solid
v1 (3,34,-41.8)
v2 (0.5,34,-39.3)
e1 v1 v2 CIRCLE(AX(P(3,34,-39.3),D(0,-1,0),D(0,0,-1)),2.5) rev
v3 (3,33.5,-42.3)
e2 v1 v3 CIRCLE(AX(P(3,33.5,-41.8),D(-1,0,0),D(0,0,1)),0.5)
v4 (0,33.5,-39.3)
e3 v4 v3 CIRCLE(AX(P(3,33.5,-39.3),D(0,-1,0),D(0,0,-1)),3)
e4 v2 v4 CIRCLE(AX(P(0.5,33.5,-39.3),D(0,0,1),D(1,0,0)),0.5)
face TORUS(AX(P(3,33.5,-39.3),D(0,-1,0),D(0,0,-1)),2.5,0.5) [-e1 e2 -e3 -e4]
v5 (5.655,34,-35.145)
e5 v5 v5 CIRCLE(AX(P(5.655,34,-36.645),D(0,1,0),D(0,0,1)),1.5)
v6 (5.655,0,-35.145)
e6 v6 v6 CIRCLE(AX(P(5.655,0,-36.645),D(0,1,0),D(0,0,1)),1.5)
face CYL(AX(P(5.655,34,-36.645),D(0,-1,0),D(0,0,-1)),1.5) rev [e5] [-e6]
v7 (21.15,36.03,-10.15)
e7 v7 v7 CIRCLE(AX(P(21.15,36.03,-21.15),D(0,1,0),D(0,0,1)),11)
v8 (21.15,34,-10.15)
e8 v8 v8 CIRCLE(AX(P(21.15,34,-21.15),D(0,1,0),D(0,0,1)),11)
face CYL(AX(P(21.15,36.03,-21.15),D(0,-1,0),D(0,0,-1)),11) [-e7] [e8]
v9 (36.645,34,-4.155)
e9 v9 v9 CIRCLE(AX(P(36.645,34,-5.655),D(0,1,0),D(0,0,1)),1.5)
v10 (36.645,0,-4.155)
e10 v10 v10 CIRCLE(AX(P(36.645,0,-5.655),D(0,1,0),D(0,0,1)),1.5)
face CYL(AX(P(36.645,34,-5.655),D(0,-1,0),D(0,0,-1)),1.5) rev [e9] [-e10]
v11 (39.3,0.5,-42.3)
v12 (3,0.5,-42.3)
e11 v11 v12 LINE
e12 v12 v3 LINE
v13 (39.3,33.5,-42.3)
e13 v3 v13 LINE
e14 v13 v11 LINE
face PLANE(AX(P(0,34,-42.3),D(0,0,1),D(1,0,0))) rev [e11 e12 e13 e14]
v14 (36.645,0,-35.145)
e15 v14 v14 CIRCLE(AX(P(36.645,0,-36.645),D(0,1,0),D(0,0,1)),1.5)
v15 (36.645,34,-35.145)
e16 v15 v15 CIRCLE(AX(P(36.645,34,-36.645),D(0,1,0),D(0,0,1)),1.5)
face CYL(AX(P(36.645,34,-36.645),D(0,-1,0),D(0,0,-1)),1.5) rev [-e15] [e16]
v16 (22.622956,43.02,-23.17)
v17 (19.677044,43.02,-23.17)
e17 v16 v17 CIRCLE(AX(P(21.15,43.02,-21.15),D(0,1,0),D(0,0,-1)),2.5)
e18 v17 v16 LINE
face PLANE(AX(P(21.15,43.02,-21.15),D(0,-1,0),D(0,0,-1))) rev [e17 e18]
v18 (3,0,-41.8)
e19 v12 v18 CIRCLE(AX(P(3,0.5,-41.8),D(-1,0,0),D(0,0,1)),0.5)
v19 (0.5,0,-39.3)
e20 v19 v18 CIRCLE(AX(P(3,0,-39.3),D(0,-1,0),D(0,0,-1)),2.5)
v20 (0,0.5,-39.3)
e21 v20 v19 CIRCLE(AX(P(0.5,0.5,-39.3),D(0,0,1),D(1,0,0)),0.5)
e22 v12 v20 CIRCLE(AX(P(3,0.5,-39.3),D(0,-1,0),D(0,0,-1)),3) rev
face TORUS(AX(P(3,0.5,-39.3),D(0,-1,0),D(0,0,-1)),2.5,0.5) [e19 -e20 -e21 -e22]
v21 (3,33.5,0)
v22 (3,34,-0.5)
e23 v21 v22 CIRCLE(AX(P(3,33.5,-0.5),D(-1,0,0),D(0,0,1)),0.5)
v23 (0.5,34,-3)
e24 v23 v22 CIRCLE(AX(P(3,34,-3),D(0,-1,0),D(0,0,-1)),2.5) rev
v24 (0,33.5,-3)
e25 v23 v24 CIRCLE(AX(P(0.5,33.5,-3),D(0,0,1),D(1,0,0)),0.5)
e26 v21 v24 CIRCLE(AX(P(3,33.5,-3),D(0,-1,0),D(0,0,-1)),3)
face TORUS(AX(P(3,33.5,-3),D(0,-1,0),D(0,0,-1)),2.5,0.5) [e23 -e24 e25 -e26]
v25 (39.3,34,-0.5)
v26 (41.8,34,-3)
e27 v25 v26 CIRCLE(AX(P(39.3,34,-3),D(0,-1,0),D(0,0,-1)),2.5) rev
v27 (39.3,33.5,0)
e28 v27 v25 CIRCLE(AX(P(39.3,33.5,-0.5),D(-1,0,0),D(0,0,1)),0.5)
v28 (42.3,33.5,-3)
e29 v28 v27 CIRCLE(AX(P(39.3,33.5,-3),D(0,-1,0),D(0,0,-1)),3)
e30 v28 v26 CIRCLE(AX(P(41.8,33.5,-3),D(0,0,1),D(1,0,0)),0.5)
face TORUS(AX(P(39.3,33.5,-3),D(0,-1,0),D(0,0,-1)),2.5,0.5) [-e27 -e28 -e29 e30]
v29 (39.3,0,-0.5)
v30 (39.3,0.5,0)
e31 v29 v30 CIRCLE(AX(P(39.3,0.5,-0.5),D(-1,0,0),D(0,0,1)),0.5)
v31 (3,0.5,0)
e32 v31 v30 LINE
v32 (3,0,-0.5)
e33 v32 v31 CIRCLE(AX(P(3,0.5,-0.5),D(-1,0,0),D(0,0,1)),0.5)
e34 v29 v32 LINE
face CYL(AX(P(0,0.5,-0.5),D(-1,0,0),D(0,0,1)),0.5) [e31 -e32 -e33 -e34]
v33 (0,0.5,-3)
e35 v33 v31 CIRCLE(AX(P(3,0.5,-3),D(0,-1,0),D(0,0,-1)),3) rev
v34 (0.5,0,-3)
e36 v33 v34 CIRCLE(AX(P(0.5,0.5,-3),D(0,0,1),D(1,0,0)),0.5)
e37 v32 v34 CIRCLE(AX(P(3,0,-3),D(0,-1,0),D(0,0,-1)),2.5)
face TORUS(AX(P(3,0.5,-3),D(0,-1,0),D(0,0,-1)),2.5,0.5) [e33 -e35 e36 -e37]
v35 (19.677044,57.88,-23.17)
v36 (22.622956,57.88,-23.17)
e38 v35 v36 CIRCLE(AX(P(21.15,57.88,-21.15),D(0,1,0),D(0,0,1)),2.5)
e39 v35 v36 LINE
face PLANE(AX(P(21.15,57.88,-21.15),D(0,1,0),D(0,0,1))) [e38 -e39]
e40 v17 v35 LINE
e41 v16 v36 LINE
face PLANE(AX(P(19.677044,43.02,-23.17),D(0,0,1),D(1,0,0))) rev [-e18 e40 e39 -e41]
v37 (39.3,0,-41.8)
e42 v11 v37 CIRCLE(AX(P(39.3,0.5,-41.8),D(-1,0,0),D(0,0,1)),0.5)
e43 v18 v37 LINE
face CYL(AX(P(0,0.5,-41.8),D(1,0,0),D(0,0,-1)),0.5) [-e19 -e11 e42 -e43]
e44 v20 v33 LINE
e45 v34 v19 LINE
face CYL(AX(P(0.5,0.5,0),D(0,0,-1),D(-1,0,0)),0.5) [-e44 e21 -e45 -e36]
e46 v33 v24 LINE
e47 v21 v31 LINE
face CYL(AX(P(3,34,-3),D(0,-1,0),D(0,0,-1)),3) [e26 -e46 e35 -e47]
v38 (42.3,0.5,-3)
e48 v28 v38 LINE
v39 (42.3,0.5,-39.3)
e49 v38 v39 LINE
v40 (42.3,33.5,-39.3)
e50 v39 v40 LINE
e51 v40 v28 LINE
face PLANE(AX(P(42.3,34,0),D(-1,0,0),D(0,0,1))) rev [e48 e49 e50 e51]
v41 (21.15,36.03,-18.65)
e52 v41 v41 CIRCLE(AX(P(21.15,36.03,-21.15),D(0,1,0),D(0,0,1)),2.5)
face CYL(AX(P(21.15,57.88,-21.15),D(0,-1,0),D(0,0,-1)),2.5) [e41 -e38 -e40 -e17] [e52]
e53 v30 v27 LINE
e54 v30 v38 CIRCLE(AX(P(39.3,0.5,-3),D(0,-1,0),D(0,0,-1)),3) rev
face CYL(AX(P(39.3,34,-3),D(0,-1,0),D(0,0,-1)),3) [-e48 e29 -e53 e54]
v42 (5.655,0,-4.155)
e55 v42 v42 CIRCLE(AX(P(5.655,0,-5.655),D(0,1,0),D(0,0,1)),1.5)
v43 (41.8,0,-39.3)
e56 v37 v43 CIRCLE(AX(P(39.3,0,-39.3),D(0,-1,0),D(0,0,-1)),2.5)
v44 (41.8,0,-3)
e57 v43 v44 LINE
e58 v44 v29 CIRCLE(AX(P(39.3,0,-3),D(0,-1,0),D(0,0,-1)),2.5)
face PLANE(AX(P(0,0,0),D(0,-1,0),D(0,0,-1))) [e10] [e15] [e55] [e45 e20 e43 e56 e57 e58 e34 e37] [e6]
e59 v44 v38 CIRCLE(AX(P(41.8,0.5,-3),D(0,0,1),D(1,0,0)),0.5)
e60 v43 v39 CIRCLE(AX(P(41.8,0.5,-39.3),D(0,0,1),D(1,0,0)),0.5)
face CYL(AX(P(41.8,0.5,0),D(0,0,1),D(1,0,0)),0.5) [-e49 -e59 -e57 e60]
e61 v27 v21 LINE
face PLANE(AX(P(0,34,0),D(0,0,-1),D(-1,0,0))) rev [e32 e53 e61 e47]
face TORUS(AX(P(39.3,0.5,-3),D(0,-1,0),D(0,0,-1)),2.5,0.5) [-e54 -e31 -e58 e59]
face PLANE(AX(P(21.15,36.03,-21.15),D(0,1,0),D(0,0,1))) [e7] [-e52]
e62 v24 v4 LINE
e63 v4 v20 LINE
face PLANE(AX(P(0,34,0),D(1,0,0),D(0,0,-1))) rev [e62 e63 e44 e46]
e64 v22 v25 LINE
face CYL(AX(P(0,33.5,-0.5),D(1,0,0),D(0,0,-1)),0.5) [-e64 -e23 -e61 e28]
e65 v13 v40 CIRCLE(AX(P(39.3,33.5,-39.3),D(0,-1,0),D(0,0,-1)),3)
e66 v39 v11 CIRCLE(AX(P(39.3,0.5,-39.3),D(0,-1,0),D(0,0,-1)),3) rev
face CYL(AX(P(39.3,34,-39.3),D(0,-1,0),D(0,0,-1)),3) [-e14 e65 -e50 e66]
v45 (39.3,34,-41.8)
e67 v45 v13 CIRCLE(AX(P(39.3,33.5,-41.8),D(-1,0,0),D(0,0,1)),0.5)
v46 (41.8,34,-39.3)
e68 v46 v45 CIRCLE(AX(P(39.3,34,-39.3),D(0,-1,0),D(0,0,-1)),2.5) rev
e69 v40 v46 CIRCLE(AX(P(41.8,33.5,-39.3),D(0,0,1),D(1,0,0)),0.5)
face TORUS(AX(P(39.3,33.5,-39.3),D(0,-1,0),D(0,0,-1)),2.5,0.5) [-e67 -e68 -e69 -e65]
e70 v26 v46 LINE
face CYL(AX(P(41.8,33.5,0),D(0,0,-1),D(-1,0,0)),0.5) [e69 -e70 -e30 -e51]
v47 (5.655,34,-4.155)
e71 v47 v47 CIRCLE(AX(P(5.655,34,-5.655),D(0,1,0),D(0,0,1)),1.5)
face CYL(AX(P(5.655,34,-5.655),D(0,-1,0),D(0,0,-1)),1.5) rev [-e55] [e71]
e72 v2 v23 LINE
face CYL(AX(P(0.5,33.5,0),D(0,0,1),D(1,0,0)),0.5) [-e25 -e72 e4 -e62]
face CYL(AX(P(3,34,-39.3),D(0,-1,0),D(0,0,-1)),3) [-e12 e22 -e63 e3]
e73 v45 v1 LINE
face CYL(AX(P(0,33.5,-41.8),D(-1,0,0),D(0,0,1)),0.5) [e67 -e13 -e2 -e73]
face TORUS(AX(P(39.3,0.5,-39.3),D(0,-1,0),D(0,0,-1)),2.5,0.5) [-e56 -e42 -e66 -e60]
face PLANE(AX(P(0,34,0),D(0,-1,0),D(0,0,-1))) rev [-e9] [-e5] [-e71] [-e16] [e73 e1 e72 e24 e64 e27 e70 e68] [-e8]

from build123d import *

# Parameters (mm, degrees)
SKETCH2_W           = 42.3
SKETCH2_H           = 42.3
SKETCH2_R           = 1.5
BOSS_EXTRUDE1_DEPTH = 34
SKETCH3_R           = 11
BOSS_EXTRUDE2_DEPTH = 2.03
SKETCH4_R           = 2.5
BOSS_EXTRUDE3_DEPTH = 21.85
CUT_EXTRUDE1_START  = -14.86
CUT_EXTRUDE1_DEPTH  = 14.86
FILLET1_R           = 3
FILLET2_R           = 0.5


with BuildPart() as part:
    # Sketch2 → Boss-Extrude1 (new body)
    with BuildSketch(Plane(origin=(0, 0, 0), x_dir=(1, 0, 0), z_dir=(0, 1, 0))):
        with Locations((21.15, 21.15)):
            Rectangle(SKETCH2_W, SKETCH2_H)
        with Locations(Location((5.655, 36.645, 0), (0, 0, 270))):
            Circle(SKETCH2_R, mode=Mode.SUBTRACT)
        with Locations(Location((36.645, 36.645, 0), (0, 0, 270))):
            Circle(SKETCH2_R, mode=Mode.SUBTRACT)
        with Locations(Location((36.645, 5.655, 0), (0, 0, 270))):
            Circle(SKETCH2_R, mode=Mode.SUBTRACT)
        with Locations(Location((5.655, 5.655, 0), (0, 0, 270))):
            Circle(SKETCH2_R, mode=Mode.SUBTRACT)
    extrude(amount=BOSS_EXTRUDE1_DEPTH)

    # Sketch3 → Boss-Extrude2 (add)
    with BuildSketch(Plane(origin=(0, 34, 0), x_dir=(1, 0, 0), z_dir=(0, 1, 0))):
        with Locations(Location((21.15, 21.15, 0), (0, 0, 270))):
            Circle(SKETCH3_R)
    extrude(amount=BOSS_EXTRUDE2_DEPTH)

    # Sketch4 → Boss-Extrude3 (add)
    with BuildSketch(Plane(origin=(0, 36.03, 0), x_dir=(1, 0, 0), z_dir=(0, 1, 0))):
        with Locations(Location((21.15, 21.15, 0), (0, 0, 270))):
            Circle(SKETCH4_R)
    extrude(amount=BOSS_EXTRUDE3_DEPTH)

    # Sketch5 → Cut-Extrude1 (cut)
    with BuildSketch(Plane(origin=(0, 57.88, 0), x_dir=(1, 0, 0), z_dir=(0, 1, 0)).offset(CUT_EXTRUDE1_START)):
        with BuildLine():
            Line((19.677043789, 23.17), (22.622956211, 23.17))
            ThreePointArc((22.622956211, 23.17), (21.15, 23.65), (19.677043789, 23.17))
        make_face()
    extrude(amount=CUT_EXTRUDE1_DEPTH, mode=Mode.SUBTRACT)

    # Fillet1
    fillet1_edges = [part.edges().sort_by_distance(p)[0] for p in [
        (0, 17, -42.3),
        (42.3, 17, -42.3),
        (42.3, 17, 0),
        (0, 17, 0),
    ]]
    fillet(fillet1_edges, radius=FILLET1_R)

    # Fillet2
    fillet2_edges = [part.edges().sort_by_distance(p)[0] for p in [
        (0, 0, -21.15),
        (0, 34, -21.15),
        (21.15, 0, -42.3),
        (42.3, 0, -21.15),
        (21.15, 0, 0),
        (0.878679656, 0, -0.878679656),
        (41.421320344, 0, -0.878679656),
        (41.421320344, 0, -41.421320344),
        (0.878679656, 0, -41.421320344),
        (21.15, 34, -42.3),
        (21.15, 34, 0),
        (42.3, 34, -21.15),
        (0.878679656, 34, -0.878679656),
        (41.421320344, 34, -0.878679656),
        (41.421320344, 34, -41.421320344),
        (0.878679656, 34, -41.421320344),
    ]]
    fillet(fillet2_edges, radius=FILLET2_R)


solid = part.part
